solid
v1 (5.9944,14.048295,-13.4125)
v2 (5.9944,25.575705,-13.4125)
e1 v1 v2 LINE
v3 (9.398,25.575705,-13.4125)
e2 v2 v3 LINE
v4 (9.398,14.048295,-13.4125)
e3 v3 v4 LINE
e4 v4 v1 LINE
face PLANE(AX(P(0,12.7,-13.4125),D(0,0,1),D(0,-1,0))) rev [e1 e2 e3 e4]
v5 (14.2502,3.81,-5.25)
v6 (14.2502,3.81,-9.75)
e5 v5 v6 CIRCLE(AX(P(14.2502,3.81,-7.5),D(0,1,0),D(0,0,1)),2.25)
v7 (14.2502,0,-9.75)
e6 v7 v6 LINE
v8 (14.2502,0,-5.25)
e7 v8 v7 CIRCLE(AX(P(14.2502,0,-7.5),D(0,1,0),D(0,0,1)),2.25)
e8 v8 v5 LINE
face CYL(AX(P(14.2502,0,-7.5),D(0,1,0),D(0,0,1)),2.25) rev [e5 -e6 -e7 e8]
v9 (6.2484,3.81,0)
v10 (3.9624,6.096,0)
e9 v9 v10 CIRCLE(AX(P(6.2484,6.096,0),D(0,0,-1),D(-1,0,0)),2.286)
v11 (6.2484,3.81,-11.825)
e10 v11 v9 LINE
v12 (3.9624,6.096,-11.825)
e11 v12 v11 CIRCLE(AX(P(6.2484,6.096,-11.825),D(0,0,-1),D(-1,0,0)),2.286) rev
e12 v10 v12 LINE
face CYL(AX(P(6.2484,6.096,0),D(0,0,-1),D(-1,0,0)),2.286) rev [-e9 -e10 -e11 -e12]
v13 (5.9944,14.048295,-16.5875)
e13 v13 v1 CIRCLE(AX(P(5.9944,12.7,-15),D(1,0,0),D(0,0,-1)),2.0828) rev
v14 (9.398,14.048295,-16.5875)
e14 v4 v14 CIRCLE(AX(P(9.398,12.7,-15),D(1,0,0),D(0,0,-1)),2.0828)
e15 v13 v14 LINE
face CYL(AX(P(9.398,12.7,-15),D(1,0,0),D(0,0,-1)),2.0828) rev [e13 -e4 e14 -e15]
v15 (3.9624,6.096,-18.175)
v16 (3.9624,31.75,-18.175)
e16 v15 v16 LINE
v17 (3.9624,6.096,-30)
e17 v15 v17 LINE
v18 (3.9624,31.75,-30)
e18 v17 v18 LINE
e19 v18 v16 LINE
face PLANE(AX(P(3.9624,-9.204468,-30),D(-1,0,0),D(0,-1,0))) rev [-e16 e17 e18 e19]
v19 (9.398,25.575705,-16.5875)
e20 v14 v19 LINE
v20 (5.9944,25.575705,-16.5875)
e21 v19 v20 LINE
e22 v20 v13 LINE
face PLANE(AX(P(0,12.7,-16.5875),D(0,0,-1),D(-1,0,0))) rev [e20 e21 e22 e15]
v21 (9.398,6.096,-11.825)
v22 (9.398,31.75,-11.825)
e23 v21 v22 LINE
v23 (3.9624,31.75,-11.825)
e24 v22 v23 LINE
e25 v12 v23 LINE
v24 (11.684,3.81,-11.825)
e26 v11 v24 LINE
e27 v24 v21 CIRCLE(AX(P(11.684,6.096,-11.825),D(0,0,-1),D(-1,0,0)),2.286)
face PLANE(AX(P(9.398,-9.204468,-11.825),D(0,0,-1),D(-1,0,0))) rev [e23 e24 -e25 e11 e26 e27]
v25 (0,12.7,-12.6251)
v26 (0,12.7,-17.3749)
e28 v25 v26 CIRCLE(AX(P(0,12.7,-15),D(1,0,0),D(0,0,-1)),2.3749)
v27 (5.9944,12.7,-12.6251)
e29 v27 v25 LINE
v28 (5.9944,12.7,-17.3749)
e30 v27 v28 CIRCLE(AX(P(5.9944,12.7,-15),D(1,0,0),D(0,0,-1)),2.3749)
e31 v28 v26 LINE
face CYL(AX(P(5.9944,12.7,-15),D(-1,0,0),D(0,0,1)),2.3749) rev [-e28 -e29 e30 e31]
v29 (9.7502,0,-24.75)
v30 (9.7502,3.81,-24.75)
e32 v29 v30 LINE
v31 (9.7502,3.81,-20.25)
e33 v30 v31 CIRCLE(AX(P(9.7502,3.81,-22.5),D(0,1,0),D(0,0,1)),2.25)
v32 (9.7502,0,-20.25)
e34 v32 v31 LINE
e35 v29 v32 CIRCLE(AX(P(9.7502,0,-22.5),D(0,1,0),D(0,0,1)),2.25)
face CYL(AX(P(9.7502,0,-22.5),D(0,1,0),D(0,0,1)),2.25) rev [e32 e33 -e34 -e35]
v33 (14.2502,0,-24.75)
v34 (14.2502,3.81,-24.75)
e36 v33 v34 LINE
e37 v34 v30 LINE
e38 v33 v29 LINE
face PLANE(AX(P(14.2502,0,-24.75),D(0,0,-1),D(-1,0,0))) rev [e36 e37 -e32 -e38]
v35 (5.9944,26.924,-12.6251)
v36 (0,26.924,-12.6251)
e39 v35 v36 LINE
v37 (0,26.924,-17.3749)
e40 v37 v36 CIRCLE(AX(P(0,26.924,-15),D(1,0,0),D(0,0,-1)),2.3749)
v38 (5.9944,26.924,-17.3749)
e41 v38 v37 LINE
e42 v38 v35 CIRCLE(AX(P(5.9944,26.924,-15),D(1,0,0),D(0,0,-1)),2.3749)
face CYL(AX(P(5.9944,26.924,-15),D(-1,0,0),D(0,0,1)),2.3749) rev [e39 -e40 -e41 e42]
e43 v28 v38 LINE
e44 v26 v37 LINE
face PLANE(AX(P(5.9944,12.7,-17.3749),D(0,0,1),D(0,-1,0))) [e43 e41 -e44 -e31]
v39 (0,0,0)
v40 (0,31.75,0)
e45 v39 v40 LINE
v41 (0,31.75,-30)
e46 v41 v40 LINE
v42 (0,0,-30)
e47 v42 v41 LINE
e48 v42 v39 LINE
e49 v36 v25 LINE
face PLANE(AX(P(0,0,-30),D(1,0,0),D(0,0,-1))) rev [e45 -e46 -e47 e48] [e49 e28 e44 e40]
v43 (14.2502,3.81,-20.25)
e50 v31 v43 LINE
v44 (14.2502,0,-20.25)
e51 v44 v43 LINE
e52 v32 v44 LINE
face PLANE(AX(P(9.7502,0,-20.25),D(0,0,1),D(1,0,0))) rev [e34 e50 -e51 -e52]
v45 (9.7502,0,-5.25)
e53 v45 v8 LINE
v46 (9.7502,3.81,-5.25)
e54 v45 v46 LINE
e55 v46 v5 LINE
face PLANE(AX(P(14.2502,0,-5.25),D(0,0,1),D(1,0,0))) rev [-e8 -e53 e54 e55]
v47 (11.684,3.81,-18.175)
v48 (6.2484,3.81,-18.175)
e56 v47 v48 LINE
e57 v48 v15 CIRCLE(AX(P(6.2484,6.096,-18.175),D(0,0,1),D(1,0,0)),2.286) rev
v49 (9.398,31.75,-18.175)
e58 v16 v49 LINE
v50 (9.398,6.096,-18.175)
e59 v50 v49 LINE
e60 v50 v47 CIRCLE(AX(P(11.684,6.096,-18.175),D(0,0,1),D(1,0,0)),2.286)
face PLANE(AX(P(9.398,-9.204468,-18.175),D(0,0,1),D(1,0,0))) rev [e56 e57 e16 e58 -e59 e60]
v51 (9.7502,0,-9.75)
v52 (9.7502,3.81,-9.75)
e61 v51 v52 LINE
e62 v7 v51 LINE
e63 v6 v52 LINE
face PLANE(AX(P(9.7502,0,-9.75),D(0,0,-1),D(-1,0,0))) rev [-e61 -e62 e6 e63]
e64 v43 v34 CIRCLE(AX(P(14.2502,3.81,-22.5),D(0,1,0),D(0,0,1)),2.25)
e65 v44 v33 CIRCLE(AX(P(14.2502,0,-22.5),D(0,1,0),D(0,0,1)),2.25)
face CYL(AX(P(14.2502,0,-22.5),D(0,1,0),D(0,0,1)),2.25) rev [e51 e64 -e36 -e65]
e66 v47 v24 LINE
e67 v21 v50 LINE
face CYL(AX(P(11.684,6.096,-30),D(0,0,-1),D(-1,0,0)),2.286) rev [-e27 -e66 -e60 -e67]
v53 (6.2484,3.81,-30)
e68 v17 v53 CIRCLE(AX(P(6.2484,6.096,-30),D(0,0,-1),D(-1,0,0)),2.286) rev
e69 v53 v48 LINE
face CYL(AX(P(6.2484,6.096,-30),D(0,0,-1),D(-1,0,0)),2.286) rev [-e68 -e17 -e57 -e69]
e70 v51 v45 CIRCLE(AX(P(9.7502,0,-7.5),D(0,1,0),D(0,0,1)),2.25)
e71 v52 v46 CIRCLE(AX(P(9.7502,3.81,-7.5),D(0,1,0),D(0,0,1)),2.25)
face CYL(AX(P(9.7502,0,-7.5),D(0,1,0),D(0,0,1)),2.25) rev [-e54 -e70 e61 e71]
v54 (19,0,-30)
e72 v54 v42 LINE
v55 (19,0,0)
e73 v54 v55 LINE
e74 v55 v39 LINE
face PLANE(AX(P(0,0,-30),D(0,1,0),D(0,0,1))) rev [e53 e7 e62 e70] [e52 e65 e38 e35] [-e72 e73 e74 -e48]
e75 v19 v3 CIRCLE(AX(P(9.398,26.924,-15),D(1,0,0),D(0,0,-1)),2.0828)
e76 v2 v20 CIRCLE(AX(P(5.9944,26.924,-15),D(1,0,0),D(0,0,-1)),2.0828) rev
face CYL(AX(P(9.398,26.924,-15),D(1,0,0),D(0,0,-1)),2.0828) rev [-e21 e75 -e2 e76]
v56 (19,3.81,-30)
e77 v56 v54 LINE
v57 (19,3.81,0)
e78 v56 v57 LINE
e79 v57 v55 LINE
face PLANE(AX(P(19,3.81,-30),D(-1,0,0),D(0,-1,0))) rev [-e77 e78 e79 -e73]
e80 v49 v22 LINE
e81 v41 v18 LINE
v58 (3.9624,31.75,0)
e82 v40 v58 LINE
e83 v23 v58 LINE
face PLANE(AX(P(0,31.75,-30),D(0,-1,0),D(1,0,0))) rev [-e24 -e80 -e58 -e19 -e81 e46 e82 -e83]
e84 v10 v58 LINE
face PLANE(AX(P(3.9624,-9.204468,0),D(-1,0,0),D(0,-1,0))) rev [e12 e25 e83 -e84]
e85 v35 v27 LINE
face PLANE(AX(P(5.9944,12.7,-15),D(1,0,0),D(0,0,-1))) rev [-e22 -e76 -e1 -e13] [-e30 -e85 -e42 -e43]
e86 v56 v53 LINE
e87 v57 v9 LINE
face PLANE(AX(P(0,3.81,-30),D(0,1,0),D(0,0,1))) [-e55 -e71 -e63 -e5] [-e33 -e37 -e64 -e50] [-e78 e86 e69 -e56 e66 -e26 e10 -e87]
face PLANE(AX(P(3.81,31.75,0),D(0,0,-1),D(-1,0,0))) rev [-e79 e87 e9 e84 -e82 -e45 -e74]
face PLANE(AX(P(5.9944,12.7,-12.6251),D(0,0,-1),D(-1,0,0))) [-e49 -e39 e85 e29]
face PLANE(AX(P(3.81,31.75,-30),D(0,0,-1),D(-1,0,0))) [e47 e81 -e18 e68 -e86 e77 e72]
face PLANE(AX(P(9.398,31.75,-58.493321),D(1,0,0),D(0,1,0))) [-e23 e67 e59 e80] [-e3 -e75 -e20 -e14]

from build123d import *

# Parameters (mm, degrees)
EXTRUDE_THIN1_DEPTH     = 30
EXTRUDE5_DEPTH          = 4.81
SKETCH10_W              = 5.588
SKETCH10_H              = 27.94
BOSS_EXTRUDE1_DEPTH     = 30
CUT_EXTRUDE1_DEPTH      = 16.19
CUT_EXTRUDE1_DEPTH_BACK = 4.81
F_8_32_TAPPED_HOLE1_D   = 4.1656
SKETCH14_W              = 5.4356
SKETCH14_H              = 11.825
CUT_EXTRUDE2_DEPTH      = 27.94
FILLET1_R               = 2.286
FILLET2_R               = 2.286
CUT_EXTRUDE3_DEPTH      = 5.9944


with BuildPart() as part:
    # Sketch1 → Extrude-Thin1 (new body)
    with BuildSketch(Plane.XY):
        Polygon((0, 31.75), (0, 0), (19, 0), (19, 3.81), (3.81, 3.81), (3.81, 31.75), align=None)
    extrude(amount=-EXTRUDE_THIN1_DEPTH)

    # Sketch6 → Extrude5 (cut, through all)
    with BuildSketch(Plane(origin=(0, 3.81, 0), x_dir=(1, 0, 0), z_dir=(0, 1, 0))):
        with BuildLine():
            Line((14.2502, 24.75), (9.7502, 24.75))
            ThreePointArc((9.7502, 24.75), (7.5002, 22.5), (9.7502, 20.25))
            Line((9.7502, 20.25), (14.2502, 20.25))
            ThreePointArc((14.2502, 20.25), (16.5002, 22.5), (14.2502, 24.75))
        make_face()
        with BuildLine():
            Line((9.7502, 9.75), (14.2502, 9.75))
            ThreePointArc((14.2502, 9.75), (16.5002, 7.5), (14.2502, 5.25))
            Line((14.2502, 5.25), (9.7502, 5.25))
            ThreePointArc((9.7502, 5.25), (7.5002, 7.5), (9.7502, 9.75))
        make_face()
    extrude(amount=-EXTRUDE5_DEPTH, mode=Mode.SUBTRACT)

    # Sketch10 → Boss-Extrude1 (add)
    with BuildSketch(Plane.XY):
        with Locations((6.604, 17.78)):
            Rectangle(SKETCH10_W, SKETCH10_H)
    extrude(amount=-BOSS_EXTRUDE1_DEPTH)

    # Sketch4 → Cut-Extrude1 (cut, two sides)
    with BuildSketch(Plane(origin=(3.81, 0, 0), x_dir=(0, 0, -1), z_dir=(1, 0, 0))) as cut_extrude1_sk:
        with BuildLine():
            Line((13.4125, 12.7), (13.4125, 26.924))
            ThreePointArc((13.4125, 26.924), (15, 28.5115), (16.5875, 26.924))
            Line((16.5875, 26.924), (16.5875, 12.7))
            ThreePointArc((16.5875, 12.7), (15, 11.1125), (13.4125, 12.7))
        make_face()
    extrude(amount=CUT_EXTRUDE1_DEPTH, mode=Mode.SUBTRACT)
    extrude(cut_extrude1_sk.sketch, amount=-CUT_EXTRUDE1_DEPTH_BACK, mode=Mode.SUBTRACT)

    # #8-32 Tapped Hole1 (through all)
    with Locations(Plane(origin=(9.398, 0, 0), x_dir=(0, 0, -1), z_dir=(1, 0, 0))):
        with Locations((15, 12.7), (15, 26.924)):
            Hole(F_8_32_TAPPED_HOLE1_D / 2)

    # Sketch14 → Cut-Extrude2 (cut)
    with BuildSketch(Plane(origin=(0, 31.75, 0), x_dir=(1, 0, 0), z_dir=(0, 1, 0))):
        with Locations((6.6802, 24.0875)):
            Rectangle(SKETCH14_W, SKETCH14_H)
        with Locations((6.6802, 5.9125)):
            Rectangle(SKETCH14_W, SKETCH14_H)
    extrude(amount=-CUT_EXTRUDE2_DEPTH, mode=Mode.SUBTRACT)

    # Fillet1
    fillet1_edges = [part.edges().sort_by_distance(p)[0] for p in [
        (9.398, 3.81, -15),
    ]]
    fillet(fillet1_edges, radius=FILLET1_R)

    # Fillet2
    fillet2_edges = [part.edges().sort_by_distance(p)[0] for p in [
        (3.9624, 3.81, -24.0875),
        (3.9624, 3.81, -5.9125),
    ]]
    fillet(fillet2_edges, radius=FILLET2_R)

    # Sketch11 → Cut-Extrude3 (cut)
    with BuildSketch(Plane(origin=(0, 0, 5.175), x_dir=(0, 0, -1), z_dir=(1, 0, 0))):
        with BuildLine():
            Line((17.8001, 12.7), (17.8001, 26.924))
            ThreePointArc((17.8001, 26.924), (20.175, 29.2989), (22.5499, 26.924))
            Line((22.5499, 26.924), (22.5499, 12.7))
            ThreePointArc((22.5499, 12.7), (20.175, 10.3251), (17.8001, 12.7))
        make_face()
    extrude(amount=CUT_EXTRUDE3_DEPTH, mode=Mode.SUBTRACT)


solid = part.part
